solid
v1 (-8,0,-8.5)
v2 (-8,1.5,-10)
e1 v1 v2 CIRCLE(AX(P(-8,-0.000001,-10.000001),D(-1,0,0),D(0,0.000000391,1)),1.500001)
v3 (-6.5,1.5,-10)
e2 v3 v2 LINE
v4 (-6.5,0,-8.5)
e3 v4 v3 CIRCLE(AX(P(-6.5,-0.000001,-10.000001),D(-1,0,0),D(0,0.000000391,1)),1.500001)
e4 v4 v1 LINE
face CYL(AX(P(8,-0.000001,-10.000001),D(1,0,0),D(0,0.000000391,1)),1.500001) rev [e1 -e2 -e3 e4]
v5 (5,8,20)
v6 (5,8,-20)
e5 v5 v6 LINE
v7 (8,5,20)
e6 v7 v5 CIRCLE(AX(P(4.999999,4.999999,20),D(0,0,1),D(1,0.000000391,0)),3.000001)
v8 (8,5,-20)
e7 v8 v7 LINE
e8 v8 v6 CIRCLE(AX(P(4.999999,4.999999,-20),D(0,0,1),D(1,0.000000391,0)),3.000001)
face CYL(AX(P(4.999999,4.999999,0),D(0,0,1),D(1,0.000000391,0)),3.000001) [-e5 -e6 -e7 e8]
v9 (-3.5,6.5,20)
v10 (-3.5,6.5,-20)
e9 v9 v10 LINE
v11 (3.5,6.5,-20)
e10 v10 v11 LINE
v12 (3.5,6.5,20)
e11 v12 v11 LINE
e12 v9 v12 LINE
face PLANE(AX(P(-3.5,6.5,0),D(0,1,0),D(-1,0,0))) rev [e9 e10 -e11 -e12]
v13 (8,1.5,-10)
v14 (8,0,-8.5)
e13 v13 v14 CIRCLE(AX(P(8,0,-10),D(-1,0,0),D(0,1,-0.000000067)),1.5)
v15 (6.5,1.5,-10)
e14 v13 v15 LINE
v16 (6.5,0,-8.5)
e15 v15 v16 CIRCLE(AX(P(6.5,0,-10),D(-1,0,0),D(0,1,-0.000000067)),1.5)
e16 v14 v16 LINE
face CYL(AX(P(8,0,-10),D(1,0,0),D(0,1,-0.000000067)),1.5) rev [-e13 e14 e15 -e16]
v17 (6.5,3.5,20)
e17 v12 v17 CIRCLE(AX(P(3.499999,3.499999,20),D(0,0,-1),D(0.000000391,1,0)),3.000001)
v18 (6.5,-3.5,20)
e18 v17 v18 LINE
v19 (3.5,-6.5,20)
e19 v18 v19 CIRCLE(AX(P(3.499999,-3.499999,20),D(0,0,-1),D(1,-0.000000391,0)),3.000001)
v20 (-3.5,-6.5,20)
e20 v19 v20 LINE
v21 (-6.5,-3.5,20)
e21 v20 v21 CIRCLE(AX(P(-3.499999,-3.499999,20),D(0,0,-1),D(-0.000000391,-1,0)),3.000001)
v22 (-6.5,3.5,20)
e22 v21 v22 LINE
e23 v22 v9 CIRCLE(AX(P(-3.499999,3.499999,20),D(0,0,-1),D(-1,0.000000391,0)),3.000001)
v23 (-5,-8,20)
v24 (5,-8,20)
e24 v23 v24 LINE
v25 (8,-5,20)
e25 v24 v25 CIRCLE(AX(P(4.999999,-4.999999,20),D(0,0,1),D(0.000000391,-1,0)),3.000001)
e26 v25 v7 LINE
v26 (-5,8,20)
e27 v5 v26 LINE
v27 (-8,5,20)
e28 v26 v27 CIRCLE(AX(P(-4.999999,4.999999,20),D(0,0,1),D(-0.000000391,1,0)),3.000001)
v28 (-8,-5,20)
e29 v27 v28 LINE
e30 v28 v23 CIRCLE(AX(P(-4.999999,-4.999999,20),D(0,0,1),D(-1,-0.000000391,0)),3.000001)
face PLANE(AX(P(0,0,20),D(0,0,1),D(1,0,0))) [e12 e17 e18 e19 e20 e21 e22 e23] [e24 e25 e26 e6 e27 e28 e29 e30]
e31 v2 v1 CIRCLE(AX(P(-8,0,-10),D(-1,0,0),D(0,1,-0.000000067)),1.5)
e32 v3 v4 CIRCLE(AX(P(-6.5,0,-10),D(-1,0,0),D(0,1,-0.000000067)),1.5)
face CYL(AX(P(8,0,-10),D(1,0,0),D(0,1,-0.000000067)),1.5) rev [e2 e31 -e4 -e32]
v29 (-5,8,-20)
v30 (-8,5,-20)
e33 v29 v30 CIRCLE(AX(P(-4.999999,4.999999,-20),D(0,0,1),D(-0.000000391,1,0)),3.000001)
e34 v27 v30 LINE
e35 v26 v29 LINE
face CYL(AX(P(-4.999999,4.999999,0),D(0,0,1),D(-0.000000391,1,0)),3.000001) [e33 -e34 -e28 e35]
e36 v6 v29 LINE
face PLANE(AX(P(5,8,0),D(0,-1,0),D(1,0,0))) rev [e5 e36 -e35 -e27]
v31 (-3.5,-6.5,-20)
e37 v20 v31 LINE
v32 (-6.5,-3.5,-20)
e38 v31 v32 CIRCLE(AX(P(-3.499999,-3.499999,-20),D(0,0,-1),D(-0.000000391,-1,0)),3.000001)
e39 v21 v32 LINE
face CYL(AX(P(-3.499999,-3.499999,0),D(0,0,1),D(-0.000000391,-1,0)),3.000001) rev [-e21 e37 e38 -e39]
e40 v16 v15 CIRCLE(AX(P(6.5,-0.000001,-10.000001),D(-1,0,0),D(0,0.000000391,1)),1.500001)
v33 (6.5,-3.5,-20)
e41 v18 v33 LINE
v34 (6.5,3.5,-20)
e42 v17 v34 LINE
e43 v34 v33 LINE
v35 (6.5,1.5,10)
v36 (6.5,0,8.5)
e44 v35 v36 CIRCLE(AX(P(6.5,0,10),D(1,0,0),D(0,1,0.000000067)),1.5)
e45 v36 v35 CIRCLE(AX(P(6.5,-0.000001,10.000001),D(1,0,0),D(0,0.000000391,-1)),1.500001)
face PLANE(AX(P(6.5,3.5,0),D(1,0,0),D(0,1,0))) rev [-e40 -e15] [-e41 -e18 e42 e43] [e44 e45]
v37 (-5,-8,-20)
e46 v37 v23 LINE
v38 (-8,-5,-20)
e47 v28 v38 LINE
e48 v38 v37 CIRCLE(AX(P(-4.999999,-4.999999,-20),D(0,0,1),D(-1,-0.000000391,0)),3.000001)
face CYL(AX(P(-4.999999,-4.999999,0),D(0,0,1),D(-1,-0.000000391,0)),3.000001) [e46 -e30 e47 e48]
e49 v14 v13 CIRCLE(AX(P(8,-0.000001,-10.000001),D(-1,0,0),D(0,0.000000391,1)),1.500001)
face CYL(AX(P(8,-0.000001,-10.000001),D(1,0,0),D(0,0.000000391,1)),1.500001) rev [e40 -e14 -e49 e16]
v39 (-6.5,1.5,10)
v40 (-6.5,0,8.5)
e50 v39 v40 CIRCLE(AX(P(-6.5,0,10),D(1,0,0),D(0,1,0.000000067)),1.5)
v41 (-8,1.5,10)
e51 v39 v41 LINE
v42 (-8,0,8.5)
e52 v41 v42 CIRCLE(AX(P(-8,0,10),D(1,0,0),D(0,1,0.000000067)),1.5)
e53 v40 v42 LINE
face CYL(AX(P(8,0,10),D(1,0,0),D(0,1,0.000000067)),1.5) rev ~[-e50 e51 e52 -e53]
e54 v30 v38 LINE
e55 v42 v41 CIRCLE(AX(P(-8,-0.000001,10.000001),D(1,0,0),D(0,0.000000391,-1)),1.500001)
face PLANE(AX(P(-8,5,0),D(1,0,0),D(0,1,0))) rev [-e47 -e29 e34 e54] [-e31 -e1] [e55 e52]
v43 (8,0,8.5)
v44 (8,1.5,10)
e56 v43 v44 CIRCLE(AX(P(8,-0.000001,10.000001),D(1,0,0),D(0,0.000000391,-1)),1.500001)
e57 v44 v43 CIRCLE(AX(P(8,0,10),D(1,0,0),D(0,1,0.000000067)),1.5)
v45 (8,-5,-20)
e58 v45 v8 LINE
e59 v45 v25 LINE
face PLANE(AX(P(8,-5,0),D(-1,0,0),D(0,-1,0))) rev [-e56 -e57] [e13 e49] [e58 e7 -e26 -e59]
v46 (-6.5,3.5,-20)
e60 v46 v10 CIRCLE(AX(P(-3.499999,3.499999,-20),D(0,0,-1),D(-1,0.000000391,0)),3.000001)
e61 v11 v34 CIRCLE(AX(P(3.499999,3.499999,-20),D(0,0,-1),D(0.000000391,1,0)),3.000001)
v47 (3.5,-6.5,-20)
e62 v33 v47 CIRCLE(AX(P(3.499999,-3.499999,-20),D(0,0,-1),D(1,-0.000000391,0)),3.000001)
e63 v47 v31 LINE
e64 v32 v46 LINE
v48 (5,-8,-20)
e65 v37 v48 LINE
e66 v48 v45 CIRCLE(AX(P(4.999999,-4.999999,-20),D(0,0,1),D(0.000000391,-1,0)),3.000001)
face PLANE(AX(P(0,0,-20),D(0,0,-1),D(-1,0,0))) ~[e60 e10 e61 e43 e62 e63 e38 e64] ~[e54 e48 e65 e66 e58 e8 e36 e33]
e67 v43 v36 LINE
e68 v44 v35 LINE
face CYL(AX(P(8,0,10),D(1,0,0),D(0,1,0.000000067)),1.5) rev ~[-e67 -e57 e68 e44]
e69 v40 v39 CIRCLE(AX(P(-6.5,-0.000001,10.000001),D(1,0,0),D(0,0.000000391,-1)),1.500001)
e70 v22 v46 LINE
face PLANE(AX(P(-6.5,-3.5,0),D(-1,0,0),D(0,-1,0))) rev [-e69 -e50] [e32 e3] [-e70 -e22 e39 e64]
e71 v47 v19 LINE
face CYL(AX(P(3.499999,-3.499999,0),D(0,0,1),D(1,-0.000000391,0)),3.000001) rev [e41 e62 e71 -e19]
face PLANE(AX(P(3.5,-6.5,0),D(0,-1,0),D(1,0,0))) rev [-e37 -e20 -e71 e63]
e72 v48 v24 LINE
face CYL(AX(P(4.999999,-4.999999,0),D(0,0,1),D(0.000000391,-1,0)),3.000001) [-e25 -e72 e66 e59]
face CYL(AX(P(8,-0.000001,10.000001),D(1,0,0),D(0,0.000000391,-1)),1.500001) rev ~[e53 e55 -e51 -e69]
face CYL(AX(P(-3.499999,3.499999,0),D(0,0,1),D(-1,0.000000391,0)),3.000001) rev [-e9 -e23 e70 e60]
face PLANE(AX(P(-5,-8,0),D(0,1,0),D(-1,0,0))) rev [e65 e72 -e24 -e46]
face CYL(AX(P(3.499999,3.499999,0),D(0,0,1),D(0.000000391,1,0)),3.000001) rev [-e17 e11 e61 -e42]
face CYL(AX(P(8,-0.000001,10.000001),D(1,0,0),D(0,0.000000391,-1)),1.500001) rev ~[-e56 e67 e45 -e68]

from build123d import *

# Parameters (mm, degrees)
F1_DEPTH = 20
F3_DEPTH = 25


with BuildPart() as f1:
    # F0 (on Top) → F1 (new body)
    with BuildSketch(Plane.XY):
        with BuildLine():
            ThreePointArc((-8, -5), (-7.12132, -7.12132), (-5, -8))
            Line((-5, -8), (5, -8))
            ThreePointArc((5, -8), (7.12132, -7.12132), (8, -5))
            Line((8, -5), (8, 5))
            ThreePointArc((8, 5), (7.12132, 7.12132), (5, 8))
            Line((5, 8), (-5, 8))
            ThreePointArc((-5, 8), (-7.12132, 7.12132), (-8, 5))
            Line((-8, 5), (-8, -5))
        make_face()
        with BuildLine():
            Line((3.5, -6.5), (-3.5, -6.5))
            ThreePointArc((-3.5, -6.5), (-5.62132, -5.62132), (-6.5, -3.5))
            Line((-6.5, -3.5), (-6.5, 3.5))
            ThreePointArc((-6.5, 3.5), (-5.62132, 5.62132), (-3.5, 6.5))
            Line((-3.5, 6.5), (3.5, 6.5))
            ThreePointArc((3.5, 6.5), (5.62132, 5.62132), (6.5, 3.5))
            Line((6.5, 3.5), (6.5, -3.5))
            ThreePointArc((6.5, -3.5), (5.62132, -5.62132), (3.5, -6.5))
        make_face(mode=Mode.SUBTRACT)
    extrude(amount=F1_DEPTH)

    # F2 (on face) → F3 (cut)
    with BuildSketch(Plane.YZ.offset(8)):
        with BuildLine():
            ThreePointArc((1.5, 10), (-1.06066, 11.06066), (0, 8.5))
            ThreePointArc((0, 8.5), (1.06066, 8.93934), (1.5, 10))
        make_face()
    extrude(amount=-F3_DEPTH, mode=Mode.SUBTRACT)

    # F4: F1 across plane


with BuildPart() as f1_1:
    add(f1.part)
    add(f1.part.mirror(Plane.XY))


solid = f1_1.part
